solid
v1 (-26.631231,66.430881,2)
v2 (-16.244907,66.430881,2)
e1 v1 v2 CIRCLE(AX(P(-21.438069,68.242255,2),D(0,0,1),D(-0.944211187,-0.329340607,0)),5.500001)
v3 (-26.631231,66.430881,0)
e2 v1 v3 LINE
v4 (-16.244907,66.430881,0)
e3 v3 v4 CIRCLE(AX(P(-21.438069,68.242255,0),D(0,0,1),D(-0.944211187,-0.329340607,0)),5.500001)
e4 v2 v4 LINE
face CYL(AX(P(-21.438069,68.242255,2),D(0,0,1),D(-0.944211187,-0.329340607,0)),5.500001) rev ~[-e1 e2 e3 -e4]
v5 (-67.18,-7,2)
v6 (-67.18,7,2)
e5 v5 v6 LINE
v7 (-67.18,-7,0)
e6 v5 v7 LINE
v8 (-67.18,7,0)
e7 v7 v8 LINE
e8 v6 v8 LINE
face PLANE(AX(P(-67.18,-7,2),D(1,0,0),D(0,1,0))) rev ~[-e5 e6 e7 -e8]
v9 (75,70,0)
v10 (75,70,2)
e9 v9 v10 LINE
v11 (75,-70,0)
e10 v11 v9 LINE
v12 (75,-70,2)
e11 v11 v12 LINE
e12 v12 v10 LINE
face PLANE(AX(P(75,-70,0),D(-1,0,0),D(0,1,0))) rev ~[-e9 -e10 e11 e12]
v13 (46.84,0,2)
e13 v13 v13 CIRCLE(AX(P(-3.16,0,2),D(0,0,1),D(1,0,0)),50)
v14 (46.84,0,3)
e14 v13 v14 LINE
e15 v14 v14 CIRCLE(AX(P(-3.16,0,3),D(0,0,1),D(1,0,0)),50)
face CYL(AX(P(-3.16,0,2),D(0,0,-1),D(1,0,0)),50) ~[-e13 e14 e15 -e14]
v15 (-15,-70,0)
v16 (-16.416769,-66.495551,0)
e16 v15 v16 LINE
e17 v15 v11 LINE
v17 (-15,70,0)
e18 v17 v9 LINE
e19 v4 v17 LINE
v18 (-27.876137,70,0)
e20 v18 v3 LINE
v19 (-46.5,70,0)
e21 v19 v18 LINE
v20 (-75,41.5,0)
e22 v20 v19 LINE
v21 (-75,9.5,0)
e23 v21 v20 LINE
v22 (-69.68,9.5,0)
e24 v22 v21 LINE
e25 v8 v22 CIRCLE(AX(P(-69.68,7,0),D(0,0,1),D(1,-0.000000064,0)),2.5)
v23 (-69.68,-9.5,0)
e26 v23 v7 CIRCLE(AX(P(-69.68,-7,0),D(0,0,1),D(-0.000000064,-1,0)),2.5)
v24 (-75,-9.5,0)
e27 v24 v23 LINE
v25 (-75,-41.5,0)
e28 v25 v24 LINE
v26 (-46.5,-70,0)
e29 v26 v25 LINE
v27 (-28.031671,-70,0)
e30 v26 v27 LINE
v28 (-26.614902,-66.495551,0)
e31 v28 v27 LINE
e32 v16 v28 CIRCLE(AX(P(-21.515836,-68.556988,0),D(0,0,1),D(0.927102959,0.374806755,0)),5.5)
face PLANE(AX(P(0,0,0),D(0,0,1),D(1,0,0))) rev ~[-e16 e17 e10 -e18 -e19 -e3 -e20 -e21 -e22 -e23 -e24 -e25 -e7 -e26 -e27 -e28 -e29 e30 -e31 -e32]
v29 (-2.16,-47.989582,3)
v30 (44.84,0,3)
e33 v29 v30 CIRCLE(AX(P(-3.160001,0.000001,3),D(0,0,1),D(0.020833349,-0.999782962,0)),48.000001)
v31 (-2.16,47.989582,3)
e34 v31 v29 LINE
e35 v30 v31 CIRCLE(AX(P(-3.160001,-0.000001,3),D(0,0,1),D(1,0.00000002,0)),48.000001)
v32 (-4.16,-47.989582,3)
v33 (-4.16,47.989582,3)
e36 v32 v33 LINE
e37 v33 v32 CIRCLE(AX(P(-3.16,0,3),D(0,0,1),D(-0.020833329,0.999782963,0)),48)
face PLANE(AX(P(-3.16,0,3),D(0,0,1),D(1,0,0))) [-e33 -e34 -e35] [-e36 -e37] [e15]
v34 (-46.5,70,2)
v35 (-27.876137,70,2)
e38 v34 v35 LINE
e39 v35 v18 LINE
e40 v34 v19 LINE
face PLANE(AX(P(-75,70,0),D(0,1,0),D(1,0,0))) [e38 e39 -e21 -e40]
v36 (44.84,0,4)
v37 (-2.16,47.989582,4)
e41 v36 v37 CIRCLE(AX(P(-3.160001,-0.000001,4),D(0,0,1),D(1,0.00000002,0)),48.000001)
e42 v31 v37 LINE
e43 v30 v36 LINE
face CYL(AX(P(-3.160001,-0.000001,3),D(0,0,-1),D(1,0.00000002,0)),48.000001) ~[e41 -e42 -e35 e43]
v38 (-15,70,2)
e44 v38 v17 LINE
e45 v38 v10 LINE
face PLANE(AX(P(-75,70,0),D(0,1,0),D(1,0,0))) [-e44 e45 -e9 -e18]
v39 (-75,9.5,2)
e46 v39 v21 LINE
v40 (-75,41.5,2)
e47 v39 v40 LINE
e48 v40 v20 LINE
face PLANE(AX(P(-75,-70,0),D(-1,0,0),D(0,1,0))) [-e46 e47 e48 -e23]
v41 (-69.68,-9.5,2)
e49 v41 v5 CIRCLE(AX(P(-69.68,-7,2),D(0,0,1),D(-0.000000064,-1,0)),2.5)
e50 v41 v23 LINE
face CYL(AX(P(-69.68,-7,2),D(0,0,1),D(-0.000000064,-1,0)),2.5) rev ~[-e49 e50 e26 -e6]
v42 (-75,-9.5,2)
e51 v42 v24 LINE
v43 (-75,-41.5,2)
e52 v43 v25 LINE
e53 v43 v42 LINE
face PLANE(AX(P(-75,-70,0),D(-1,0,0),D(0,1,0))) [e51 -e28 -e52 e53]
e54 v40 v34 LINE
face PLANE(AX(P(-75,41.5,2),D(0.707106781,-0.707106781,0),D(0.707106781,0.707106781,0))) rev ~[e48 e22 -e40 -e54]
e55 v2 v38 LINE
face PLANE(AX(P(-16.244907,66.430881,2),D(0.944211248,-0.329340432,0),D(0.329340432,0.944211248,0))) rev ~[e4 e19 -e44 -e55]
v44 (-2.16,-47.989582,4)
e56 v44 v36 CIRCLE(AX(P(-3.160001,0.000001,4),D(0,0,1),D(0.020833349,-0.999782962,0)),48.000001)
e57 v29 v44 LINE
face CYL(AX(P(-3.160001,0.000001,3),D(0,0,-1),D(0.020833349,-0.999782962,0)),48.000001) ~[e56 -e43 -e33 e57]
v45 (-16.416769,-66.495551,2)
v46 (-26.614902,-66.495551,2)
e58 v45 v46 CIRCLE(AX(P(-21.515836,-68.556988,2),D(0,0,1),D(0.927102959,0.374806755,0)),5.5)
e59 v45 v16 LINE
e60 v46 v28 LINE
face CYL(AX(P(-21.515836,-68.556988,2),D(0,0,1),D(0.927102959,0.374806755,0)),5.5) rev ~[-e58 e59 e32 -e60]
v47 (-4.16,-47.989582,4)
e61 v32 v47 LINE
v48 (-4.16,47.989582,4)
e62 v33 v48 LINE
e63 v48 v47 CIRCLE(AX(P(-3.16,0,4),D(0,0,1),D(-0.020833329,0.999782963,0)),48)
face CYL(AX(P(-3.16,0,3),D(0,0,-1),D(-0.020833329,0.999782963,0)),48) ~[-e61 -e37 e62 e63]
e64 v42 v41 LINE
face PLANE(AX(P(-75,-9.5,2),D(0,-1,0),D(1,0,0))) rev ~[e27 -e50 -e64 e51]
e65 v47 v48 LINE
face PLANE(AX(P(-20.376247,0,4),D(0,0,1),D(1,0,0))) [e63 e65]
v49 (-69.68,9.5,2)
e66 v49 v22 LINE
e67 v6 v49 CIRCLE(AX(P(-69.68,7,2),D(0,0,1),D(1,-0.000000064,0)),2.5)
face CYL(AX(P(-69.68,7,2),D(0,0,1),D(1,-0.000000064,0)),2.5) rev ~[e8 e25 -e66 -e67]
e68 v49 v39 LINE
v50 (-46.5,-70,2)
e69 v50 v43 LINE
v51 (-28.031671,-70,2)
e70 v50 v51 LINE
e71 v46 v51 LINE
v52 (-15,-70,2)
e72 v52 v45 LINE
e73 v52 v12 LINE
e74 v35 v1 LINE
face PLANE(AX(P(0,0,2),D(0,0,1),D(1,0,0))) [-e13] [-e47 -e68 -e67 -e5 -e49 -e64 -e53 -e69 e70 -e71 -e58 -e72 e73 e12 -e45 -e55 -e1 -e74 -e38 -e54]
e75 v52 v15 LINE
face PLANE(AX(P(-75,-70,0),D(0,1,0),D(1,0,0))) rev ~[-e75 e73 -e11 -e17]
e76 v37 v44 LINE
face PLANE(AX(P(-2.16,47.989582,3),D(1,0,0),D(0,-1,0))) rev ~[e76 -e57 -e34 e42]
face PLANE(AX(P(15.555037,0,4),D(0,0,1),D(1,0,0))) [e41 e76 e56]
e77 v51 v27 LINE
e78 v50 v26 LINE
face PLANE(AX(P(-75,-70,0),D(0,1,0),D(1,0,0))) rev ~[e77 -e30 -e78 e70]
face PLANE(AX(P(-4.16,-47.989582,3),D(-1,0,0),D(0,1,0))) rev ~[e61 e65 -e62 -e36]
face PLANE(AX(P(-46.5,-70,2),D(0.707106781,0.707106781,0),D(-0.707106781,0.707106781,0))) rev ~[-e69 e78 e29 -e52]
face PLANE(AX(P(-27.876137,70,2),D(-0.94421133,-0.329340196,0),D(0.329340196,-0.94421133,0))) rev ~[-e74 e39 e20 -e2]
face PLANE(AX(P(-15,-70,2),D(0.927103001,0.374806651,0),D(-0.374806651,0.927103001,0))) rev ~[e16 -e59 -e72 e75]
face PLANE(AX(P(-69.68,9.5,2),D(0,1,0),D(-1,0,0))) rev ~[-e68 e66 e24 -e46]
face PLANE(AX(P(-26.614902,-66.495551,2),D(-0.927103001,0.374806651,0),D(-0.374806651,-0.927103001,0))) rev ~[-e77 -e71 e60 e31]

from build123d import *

# Parameters (mm, degrees)
F0_W      = 150
F0_H      = 140
F1_DEPTH  = 2
F3_DEPTH  = 2.001
F5_DEPTH  = 2.001
F7_DEPTH  = 2.001
F8_R      = 50
F9_DEPTH  = 1
F11_DEPTH = 1


with BuildPart() as f1:
    # F0 (on Top) → F1 (new body)
    with BuildSketch(Plane.XY):
        Rectangle(F0_W, F0_H)
    extrude(amount=F1_DEPTH)

    # F2 (on face) → F3 (cut, through all)
    with BuildSketch(Plane.XY.offset(2)):
        Polygon((-75, 70), (-75, 41.5), (-46.5, 70), align=None)
        Polygon((-46.5, -70), (-75, -41.5), (-75, -70), align=None)
    extrude(amount=-F3_DEPTH, mode=Mode.SUBTRACT)

    # F4 (on face) → F5 (cut, through all)
    with BuildSketch(Plane.XY.offset(2)):
        with BuildLine():
            Line((-69.68, 9.5), (-75, 9.5))
            Line((-75, 9.5), (-75, -9.5))
            Line((-75, -9.5), (-69.68, -9.5))
            ThreePointArc((-69.68, -9.5), (-67.912233, -8.767767), (-67.18, -7))
            Line((-67.18, -7), (-67.18, 7))
            ThreePointArc((-67.18, 7), (-67.912233, 8.767767), (-69.68, 9.5))
        make_face()
    extrude(amount=-F5_DEPTH, mode=Mode.SUBTRACT)

    # F6 (on face) → F7 (cut, through all)
    with BuildSketch(Plane.XY.offset(2)):
        with BuildLine():
            Line((-28.031671, -70), (-15, -70))
            Line((-15, -70), (-16.416769, -66.495551))
            ThreePointArc((-16.416769, -66.495551), (-21.515836, -63.056988), (-26.614902, -66.495551))
            Line((-26.614902, -66.495551), (-28.031671, -70))
        make_face()
        with BuildLine():
            Line((-27.876137, 70), (-26.631231, 66.430881))
            ThreePointArc((-26.631231, 66.430881), (-21.438069, 62.742254), (-16.244907, 66.430881))
            Line((-16.244907, 66.430881), (-15, 70))
            Line((-15, 70), (-27.876137, 70))
        make_face()
    extrude(amount=-F7_DEPTH, mode=Mode.SUBTRACT)

    # F8 (on face) → F9 (join)
    with BuildSketch(Plane.XY.offset(2)):
        with Locations((-3.16, 0)):
            Circle(F8_R)
    extrude(amount=F9_DEPTH)

    # F10 (on face) → F11 (join)
    with BuildSketch(Plane.XY.offset(3)):
        with BuildLine():
            ThreePointArc((-2.16, -47.989582), (31.132856, -33.585711), (44.84, 0))
            ThreePointArc((44.84, 0), (31.132856, 33.585711), (-2.16, 47.989582))
            Line((-2.16, 47.989582), (-2.16, -47.989582))
        make_face()
        with BuildLine():
            Line((-4.16, -47.989582), (-4.16, 47.989582))
            ThreePointArc((-4.16, 47.989582), (-51.16, 0), (-4.16, -47.989582))
        make_face()
    extrude(amount=F11_DEPTH)


solid = f1.part
